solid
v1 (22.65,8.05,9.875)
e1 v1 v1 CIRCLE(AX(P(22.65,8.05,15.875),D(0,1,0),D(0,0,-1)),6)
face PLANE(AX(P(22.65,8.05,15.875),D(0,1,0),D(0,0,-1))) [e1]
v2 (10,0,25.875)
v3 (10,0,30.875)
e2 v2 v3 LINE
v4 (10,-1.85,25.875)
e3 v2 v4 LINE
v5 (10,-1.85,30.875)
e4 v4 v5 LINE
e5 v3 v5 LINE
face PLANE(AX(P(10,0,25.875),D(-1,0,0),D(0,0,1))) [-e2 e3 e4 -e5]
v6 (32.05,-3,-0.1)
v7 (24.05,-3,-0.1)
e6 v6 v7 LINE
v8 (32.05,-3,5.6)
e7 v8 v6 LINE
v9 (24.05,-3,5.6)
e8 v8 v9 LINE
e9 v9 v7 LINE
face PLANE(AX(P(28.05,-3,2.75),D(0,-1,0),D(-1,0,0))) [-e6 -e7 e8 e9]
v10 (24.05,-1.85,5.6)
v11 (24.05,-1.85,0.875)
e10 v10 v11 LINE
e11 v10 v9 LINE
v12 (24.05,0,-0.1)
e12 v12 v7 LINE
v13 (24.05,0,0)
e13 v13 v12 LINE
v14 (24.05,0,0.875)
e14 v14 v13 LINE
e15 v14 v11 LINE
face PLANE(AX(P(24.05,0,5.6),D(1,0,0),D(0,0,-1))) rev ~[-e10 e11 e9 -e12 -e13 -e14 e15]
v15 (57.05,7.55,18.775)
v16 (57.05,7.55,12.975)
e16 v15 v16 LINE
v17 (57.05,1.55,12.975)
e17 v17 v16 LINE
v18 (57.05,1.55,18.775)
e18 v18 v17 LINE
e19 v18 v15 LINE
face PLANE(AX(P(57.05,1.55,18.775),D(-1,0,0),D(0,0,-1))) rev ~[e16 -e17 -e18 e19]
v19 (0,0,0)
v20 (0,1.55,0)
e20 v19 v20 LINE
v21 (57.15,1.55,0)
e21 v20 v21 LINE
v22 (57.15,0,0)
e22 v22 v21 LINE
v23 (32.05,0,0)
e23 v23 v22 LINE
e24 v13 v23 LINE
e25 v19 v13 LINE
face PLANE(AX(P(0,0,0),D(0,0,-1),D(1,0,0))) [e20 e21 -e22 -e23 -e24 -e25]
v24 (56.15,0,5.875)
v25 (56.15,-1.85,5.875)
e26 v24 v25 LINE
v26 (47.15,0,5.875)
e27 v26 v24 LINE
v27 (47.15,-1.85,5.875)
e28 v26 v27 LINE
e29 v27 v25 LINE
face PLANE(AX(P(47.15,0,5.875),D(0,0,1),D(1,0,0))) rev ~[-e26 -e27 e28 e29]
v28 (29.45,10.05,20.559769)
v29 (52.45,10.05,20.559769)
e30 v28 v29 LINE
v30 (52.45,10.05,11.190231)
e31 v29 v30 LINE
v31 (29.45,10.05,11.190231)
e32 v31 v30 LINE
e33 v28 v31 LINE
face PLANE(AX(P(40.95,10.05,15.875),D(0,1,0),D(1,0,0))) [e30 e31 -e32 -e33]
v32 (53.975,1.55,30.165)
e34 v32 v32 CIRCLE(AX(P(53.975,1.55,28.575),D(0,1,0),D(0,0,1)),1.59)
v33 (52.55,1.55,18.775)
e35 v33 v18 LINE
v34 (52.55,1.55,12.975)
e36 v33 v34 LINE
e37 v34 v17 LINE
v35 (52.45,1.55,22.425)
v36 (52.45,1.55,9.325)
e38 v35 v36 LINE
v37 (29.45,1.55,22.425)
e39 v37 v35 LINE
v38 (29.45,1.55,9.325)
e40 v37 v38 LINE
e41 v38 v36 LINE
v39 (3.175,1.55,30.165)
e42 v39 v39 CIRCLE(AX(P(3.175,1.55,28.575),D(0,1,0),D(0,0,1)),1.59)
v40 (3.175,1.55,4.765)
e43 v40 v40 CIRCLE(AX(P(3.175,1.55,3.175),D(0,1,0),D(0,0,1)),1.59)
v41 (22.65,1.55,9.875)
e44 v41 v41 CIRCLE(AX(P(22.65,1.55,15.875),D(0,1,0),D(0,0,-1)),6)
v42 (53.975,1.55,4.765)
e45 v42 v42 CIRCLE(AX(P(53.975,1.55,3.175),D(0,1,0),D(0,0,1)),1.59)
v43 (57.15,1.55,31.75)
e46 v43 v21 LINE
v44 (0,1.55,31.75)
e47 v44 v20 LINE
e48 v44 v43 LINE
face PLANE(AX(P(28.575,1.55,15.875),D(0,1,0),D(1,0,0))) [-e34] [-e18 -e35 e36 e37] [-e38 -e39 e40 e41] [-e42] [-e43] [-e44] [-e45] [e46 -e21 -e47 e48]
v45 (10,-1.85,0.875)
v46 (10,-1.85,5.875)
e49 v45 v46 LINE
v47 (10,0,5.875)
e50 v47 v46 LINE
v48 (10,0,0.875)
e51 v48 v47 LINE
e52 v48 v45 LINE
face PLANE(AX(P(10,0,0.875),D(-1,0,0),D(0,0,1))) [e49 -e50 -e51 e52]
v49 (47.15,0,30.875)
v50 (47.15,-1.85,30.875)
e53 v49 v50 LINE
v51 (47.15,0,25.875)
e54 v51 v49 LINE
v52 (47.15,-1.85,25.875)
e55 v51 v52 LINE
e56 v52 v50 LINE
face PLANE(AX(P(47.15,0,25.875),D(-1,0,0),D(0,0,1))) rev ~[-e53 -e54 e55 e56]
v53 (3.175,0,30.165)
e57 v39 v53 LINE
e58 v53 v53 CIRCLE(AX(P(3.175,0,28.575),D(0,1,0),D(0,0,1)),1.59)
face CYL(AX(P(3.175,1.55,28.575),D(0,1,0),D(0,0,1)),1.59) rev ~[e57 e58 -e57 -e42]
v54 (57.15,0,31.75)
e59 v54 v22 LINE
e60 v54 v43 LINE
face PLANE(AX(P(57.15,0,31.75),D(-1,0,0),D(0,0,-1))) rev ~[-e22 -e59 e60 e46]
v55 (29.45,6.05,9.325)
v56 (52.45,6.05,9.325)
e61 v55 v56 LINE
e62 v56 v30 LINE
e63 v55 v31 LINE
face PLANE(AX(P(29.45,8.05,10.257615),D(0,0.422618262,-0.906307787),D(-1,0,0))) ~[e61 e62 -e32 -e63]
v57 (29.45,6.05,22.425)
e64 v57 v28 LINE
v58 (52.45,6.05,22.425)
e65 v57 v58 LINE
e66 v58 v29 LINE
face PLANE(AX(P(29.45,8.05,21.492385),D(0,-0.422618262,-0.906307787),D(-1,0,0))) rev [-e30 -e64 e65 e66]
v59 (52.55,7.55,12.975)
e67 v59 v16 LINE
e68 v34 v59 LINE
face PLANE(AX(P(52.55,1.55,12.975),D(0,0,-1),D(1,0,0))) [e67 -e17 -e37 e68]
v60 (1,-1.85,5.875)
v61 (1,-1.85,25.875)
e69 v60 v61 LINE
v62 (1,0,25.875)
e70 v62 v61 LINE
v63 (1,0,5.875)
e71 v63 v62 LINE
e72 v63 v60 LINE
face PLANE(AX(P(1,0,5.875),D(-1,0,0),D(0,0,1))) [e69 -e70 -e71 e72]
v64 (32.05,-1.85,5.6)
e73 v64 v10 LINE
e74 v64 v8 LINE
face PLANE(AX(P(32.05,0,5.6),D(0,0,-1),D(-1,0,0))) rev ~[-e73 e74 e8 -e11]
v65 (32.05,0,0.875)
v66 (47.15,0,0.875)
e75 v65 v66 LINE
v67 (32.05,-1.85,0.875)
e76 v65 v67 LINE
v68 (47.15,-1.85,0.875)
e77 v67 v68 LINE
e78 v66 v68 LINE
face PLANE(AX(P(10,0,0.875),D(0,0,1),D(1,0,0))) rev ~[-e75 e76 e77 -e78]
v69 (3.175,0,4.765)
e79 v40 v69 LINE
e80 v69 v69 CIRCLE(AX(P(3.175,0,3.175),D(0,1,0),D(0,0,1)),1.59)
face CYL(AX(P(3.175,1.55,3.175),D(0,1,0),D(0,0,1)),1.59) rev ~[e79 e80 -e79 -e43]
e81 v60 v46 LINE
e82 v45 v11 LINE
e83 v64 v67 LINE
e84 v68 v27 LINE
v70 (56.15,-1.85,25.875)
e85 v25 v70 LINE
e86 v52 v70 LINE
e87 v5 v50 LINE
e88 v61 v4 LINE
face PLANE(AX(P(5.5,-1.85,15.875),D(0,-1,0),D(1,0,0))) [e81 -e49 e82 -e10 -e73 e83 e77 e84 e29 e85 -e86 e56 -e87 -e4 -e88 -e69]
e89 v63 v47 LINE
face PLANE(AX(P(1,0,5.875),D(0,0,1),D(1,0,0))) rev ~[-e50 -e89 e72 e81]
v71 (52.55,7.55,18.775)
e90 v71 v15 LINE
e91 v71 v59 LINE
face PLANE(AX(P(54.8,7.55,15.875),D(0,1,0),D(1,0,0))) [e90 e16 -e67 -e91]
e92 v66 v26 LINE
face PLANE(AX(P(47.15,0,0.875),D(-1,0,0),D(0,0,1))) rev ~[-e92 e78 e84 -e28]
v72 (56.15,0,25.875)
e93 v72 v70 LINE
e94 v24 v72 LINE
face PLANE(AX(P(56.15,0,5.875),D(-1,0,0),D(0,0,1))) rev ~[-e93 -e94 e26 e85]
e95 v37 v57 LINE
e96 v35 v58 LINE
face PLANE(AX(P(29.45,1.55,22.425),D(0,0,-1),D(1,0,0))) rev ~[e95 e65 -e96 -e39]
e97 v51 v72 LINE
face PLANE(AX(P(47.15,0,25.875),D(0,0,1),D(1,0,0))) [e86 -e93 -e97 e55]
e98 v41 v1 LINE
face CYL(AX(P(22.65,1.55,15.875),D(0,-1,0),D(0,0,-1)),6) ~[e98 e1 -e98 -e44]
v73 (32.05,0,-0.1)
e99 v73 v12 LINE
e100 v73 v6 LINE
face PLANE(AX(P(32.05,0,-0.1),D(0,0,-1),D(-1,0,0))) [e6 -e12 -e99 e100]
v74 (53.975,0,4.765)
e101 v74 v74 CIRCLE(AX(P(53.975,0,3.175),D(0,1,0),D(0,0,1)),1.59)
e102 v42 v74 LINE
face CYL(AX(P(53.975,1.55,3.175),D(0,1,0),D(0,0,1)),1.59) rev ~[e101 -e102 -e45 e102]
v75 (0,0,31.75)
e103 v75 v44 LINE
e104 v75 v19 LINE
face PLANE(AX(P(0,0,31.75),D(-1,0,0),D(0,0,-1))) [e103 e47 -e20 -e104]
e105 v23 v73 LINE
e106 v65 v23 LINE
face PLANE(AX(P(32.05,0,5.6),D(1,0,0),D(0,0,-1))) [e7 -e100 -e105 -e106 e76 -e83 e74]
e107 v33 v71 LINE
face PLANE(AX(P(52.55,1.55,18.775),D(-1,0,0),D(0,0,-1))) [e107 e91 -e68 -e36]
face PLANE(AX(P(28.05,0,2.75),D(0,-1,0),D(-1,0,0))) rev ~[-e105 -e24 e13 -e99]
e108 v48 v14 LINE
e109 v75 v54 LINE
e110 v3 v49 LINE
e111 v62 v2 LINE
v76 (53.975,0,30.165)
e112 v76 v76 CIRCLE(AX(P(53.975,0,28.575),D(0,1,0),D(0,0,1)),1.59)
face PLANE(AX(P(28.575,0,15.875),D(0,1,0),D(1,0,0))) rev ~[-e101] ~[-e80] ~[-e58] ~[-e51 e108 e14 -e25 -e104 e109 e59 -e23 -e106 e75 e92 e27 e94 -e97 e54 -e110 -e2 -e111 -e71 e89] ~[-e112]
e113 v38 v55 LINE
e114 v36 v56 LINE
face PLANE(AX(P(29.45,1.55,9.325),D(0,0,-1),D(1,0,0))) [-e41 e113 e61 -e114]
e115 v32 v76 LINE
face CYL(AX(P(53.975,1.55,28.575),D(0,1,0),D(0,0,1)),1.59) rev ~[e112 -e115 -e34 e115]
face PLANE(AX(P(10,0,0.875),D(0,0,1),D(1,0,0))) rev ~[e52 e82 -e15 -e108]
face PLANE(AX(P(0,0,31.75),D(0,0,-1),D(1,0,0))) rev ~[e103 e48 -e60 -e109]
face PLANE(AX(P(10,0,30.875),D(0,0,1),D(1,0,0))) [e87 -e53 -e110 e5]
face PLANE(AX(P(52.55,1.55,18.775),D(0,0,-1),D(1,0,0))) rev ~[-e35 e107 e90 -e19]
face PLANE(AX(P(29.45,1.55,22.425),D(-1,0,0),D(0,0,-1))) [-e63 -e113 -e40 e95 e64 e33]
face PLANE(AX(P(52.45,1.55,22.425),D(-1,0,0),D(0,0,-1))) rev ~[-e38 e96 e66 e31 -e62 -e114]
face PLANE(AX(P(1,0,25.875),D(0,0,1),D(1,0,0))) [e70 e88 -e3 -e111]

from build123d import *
from OCP.BRepFilletAPI import BRepFilletAPI_MakeChamfer

# Parameters (mm, degrees)
SKETCH1_W                = 57.15
SKETCH1_H                = 31.75
PCB_DEPTH                = 1.55
SKETCH2_R                = 1.59
MOUNT_HOLES_DEPTH        = 66.395622942
SKETCH4_R                = 6
SPEAKER_DEPTH            = 6.5
SKETCH5_W                = 23
SKETCH5_H                = 13.1
TERMINALS_DEPTH          = 8.5
CHAMFER1_SIZE            = 4
CHAMFER1_SIZE2           = 1.865230633
SKETCH7_W                = 4.5
SKETCH7_H                = 5.8
BATTERY_PORT_DEPTH       = 6
SKETCH11_W               = 8
SKETCH11_H               = 5.7
USB_PORT_DEPTH           = 3
SKETCH14_W               = 9
SKETCH14_H               = 20
SKETCH14_W_2             = 37.15
SKETCH14_H_2             = 30
SURFACE_COMPONENTS_DEPTH = 1.85


with BuildPart() as part:
    # Sketch1 → PCB (new body)
    with BuildSketch(Plane(origin=(0, 0, 0), x_dir=(1, 0, 0), z_dir=(0, 1, 0))):
        with Locations((28.575, -15.875)):
            Rectangle(SKETCH1_W, SKETCH1_H)
    extrude(amount=PCB_DEPTH)

    # Sketch2 → Mount Holes (cut, through all)
    with BuildSketch(Plane(origin=(0, 1.55, 0), x_dir=(1, 0, 0), z_dir=(0, 1, 0))):
        with Locations(Location((3.175, -3.175, 0), (0, 0, 270))):
            Circle(SKETCH2_R)
        with Locations(Location((3.175, -28.575, 0), (0, 0, 270))):
            Circle(SKETCH2_R)
        with Locations(Location((53.975, -28.575, 0), (0, 0, 270))):
            Circle(SKETCH2_R)
        with Locations(Location((53.975, -3.175, 0), (0, 0, 270))):
            Circle(SKETCH2_R)
    extrude(amount=-MOUNT_HOLES_DEPTH, mode=Mode.SUBTRACT)

    # Sketch4 → Speaker (add)
    with BuildSketch(Plane(origin=(0, 1.55, 0), x_dir=(1, 0, 0), z_dir=(0, 1, 0))):
        with Locations(Location((22.65, -15.875, 0), (0, 0, 90))):
            Circle(SKETCH4_R)
    extrude(amount=SPEAKER_DEPTH)

    # Sketch5 → Terminals (add)
    with BuildSketch(Plane(origin=(0, 1.55, 0), x_dir=(1, 0, 0), z_dir=(0, 1, 0))):
        with Locations((40.95, -15.875)):
            Rectangle(SKETCH5_W, SKETCH5_H)
    extrude(amount=TERMINALS_DEPTH)

    # Chamfer1: one chamfer whose edges measure the first distance from different faces: ONE call of the kernel's chamfer builder (chamfer() names one face for all edges)
    chamfer1_edges_1 = [part.edges().sort_by_distance(p)[0] for p in [
        (40.95, 10.05, 22.425),
    ]]
    chamfer1_side_1 = [part.faces().sort_by_distance(p)[0] for p in [
        (40.95, 5.8, 22.425),
    ]]
    chamfer1_edges_2 = [part.edges().sort_by_distance(p)[0] for p in [
        (40.95, 10.05, 9.325),
    ]]
    chamfer1_side_2 = [part.faces().sort_by_distance(p)[0] for p in [
        (40.95, 5.8, 9.325),
    ]]
    chamfer1 = BRepFilletAPI_MakeChamfer(part.part.solid().wrapped)
    for e in chamfer1_edges_1:
        chamfer1.Add(CHAMFER1_SIZE, CHAMFER1_SIZE2, e.wrapped, chamfer1_side_1[0].wrapped)  # the first distance lies on this face
    for e in chamfer1_edges_2:
        chamfer1.Add(CHAMFER1_SIZE, CHAMFER1_SIZE2, e.wrapped, chamfer1_side_2[0].wrapped)  # the first distance lies on this face
    add(Compound.cast(chamfer1.Shape()), mode=Mode.REPLACE)

    # Sketch7 → Battery Port (add)
    with BuildSketch(Plane(origin=(0, 1.55, 0), x_dir=(1, 0, 0), z_dir=(0, 1, 0))):
        with Locations((54.8, -15.875)):
            Rectangle(SKETCH7_W, SKETCH7_H)
    extrude(amount=BATTERY_PORT_DEPTH)



with BuildPart() as body_2:
    # Sketch11 → USB Port (new body)
    with BuildSketch(Plane(origin=(0, 0, 0), x_dir=(-1, 0, 0), z_dir=(0, -1, 0))):
        with Locations((-28.05, -2.75)):
            Rectangle(SKETCH11_W, SKETCH11_H)
    extrude(amount=USB_PORT_DEPTH)


with BuildPart() as part_1:
    add(part.part)

    add(body_2.part)  # Surface Components merges body 2
    # Sketch14 → Surface Components (add)
    with BuildSketch(Plane.XZ):
        with Locations((5.5, 15.875)):
            Rectangle(SKETCH14_W, SKETCH14_H)
        with Locations((28.575, 15.875)):
            Rectangle(SKETCH14_W_2, SKETCH14_H_2)
        with Locations((51.65, 15.875)):
            Rectangle(SKETCH14_W, SKETCH14_H)
    extrude(amount=SURFACE_COMPONENTS_DEPTH)


solid = part_1.part
